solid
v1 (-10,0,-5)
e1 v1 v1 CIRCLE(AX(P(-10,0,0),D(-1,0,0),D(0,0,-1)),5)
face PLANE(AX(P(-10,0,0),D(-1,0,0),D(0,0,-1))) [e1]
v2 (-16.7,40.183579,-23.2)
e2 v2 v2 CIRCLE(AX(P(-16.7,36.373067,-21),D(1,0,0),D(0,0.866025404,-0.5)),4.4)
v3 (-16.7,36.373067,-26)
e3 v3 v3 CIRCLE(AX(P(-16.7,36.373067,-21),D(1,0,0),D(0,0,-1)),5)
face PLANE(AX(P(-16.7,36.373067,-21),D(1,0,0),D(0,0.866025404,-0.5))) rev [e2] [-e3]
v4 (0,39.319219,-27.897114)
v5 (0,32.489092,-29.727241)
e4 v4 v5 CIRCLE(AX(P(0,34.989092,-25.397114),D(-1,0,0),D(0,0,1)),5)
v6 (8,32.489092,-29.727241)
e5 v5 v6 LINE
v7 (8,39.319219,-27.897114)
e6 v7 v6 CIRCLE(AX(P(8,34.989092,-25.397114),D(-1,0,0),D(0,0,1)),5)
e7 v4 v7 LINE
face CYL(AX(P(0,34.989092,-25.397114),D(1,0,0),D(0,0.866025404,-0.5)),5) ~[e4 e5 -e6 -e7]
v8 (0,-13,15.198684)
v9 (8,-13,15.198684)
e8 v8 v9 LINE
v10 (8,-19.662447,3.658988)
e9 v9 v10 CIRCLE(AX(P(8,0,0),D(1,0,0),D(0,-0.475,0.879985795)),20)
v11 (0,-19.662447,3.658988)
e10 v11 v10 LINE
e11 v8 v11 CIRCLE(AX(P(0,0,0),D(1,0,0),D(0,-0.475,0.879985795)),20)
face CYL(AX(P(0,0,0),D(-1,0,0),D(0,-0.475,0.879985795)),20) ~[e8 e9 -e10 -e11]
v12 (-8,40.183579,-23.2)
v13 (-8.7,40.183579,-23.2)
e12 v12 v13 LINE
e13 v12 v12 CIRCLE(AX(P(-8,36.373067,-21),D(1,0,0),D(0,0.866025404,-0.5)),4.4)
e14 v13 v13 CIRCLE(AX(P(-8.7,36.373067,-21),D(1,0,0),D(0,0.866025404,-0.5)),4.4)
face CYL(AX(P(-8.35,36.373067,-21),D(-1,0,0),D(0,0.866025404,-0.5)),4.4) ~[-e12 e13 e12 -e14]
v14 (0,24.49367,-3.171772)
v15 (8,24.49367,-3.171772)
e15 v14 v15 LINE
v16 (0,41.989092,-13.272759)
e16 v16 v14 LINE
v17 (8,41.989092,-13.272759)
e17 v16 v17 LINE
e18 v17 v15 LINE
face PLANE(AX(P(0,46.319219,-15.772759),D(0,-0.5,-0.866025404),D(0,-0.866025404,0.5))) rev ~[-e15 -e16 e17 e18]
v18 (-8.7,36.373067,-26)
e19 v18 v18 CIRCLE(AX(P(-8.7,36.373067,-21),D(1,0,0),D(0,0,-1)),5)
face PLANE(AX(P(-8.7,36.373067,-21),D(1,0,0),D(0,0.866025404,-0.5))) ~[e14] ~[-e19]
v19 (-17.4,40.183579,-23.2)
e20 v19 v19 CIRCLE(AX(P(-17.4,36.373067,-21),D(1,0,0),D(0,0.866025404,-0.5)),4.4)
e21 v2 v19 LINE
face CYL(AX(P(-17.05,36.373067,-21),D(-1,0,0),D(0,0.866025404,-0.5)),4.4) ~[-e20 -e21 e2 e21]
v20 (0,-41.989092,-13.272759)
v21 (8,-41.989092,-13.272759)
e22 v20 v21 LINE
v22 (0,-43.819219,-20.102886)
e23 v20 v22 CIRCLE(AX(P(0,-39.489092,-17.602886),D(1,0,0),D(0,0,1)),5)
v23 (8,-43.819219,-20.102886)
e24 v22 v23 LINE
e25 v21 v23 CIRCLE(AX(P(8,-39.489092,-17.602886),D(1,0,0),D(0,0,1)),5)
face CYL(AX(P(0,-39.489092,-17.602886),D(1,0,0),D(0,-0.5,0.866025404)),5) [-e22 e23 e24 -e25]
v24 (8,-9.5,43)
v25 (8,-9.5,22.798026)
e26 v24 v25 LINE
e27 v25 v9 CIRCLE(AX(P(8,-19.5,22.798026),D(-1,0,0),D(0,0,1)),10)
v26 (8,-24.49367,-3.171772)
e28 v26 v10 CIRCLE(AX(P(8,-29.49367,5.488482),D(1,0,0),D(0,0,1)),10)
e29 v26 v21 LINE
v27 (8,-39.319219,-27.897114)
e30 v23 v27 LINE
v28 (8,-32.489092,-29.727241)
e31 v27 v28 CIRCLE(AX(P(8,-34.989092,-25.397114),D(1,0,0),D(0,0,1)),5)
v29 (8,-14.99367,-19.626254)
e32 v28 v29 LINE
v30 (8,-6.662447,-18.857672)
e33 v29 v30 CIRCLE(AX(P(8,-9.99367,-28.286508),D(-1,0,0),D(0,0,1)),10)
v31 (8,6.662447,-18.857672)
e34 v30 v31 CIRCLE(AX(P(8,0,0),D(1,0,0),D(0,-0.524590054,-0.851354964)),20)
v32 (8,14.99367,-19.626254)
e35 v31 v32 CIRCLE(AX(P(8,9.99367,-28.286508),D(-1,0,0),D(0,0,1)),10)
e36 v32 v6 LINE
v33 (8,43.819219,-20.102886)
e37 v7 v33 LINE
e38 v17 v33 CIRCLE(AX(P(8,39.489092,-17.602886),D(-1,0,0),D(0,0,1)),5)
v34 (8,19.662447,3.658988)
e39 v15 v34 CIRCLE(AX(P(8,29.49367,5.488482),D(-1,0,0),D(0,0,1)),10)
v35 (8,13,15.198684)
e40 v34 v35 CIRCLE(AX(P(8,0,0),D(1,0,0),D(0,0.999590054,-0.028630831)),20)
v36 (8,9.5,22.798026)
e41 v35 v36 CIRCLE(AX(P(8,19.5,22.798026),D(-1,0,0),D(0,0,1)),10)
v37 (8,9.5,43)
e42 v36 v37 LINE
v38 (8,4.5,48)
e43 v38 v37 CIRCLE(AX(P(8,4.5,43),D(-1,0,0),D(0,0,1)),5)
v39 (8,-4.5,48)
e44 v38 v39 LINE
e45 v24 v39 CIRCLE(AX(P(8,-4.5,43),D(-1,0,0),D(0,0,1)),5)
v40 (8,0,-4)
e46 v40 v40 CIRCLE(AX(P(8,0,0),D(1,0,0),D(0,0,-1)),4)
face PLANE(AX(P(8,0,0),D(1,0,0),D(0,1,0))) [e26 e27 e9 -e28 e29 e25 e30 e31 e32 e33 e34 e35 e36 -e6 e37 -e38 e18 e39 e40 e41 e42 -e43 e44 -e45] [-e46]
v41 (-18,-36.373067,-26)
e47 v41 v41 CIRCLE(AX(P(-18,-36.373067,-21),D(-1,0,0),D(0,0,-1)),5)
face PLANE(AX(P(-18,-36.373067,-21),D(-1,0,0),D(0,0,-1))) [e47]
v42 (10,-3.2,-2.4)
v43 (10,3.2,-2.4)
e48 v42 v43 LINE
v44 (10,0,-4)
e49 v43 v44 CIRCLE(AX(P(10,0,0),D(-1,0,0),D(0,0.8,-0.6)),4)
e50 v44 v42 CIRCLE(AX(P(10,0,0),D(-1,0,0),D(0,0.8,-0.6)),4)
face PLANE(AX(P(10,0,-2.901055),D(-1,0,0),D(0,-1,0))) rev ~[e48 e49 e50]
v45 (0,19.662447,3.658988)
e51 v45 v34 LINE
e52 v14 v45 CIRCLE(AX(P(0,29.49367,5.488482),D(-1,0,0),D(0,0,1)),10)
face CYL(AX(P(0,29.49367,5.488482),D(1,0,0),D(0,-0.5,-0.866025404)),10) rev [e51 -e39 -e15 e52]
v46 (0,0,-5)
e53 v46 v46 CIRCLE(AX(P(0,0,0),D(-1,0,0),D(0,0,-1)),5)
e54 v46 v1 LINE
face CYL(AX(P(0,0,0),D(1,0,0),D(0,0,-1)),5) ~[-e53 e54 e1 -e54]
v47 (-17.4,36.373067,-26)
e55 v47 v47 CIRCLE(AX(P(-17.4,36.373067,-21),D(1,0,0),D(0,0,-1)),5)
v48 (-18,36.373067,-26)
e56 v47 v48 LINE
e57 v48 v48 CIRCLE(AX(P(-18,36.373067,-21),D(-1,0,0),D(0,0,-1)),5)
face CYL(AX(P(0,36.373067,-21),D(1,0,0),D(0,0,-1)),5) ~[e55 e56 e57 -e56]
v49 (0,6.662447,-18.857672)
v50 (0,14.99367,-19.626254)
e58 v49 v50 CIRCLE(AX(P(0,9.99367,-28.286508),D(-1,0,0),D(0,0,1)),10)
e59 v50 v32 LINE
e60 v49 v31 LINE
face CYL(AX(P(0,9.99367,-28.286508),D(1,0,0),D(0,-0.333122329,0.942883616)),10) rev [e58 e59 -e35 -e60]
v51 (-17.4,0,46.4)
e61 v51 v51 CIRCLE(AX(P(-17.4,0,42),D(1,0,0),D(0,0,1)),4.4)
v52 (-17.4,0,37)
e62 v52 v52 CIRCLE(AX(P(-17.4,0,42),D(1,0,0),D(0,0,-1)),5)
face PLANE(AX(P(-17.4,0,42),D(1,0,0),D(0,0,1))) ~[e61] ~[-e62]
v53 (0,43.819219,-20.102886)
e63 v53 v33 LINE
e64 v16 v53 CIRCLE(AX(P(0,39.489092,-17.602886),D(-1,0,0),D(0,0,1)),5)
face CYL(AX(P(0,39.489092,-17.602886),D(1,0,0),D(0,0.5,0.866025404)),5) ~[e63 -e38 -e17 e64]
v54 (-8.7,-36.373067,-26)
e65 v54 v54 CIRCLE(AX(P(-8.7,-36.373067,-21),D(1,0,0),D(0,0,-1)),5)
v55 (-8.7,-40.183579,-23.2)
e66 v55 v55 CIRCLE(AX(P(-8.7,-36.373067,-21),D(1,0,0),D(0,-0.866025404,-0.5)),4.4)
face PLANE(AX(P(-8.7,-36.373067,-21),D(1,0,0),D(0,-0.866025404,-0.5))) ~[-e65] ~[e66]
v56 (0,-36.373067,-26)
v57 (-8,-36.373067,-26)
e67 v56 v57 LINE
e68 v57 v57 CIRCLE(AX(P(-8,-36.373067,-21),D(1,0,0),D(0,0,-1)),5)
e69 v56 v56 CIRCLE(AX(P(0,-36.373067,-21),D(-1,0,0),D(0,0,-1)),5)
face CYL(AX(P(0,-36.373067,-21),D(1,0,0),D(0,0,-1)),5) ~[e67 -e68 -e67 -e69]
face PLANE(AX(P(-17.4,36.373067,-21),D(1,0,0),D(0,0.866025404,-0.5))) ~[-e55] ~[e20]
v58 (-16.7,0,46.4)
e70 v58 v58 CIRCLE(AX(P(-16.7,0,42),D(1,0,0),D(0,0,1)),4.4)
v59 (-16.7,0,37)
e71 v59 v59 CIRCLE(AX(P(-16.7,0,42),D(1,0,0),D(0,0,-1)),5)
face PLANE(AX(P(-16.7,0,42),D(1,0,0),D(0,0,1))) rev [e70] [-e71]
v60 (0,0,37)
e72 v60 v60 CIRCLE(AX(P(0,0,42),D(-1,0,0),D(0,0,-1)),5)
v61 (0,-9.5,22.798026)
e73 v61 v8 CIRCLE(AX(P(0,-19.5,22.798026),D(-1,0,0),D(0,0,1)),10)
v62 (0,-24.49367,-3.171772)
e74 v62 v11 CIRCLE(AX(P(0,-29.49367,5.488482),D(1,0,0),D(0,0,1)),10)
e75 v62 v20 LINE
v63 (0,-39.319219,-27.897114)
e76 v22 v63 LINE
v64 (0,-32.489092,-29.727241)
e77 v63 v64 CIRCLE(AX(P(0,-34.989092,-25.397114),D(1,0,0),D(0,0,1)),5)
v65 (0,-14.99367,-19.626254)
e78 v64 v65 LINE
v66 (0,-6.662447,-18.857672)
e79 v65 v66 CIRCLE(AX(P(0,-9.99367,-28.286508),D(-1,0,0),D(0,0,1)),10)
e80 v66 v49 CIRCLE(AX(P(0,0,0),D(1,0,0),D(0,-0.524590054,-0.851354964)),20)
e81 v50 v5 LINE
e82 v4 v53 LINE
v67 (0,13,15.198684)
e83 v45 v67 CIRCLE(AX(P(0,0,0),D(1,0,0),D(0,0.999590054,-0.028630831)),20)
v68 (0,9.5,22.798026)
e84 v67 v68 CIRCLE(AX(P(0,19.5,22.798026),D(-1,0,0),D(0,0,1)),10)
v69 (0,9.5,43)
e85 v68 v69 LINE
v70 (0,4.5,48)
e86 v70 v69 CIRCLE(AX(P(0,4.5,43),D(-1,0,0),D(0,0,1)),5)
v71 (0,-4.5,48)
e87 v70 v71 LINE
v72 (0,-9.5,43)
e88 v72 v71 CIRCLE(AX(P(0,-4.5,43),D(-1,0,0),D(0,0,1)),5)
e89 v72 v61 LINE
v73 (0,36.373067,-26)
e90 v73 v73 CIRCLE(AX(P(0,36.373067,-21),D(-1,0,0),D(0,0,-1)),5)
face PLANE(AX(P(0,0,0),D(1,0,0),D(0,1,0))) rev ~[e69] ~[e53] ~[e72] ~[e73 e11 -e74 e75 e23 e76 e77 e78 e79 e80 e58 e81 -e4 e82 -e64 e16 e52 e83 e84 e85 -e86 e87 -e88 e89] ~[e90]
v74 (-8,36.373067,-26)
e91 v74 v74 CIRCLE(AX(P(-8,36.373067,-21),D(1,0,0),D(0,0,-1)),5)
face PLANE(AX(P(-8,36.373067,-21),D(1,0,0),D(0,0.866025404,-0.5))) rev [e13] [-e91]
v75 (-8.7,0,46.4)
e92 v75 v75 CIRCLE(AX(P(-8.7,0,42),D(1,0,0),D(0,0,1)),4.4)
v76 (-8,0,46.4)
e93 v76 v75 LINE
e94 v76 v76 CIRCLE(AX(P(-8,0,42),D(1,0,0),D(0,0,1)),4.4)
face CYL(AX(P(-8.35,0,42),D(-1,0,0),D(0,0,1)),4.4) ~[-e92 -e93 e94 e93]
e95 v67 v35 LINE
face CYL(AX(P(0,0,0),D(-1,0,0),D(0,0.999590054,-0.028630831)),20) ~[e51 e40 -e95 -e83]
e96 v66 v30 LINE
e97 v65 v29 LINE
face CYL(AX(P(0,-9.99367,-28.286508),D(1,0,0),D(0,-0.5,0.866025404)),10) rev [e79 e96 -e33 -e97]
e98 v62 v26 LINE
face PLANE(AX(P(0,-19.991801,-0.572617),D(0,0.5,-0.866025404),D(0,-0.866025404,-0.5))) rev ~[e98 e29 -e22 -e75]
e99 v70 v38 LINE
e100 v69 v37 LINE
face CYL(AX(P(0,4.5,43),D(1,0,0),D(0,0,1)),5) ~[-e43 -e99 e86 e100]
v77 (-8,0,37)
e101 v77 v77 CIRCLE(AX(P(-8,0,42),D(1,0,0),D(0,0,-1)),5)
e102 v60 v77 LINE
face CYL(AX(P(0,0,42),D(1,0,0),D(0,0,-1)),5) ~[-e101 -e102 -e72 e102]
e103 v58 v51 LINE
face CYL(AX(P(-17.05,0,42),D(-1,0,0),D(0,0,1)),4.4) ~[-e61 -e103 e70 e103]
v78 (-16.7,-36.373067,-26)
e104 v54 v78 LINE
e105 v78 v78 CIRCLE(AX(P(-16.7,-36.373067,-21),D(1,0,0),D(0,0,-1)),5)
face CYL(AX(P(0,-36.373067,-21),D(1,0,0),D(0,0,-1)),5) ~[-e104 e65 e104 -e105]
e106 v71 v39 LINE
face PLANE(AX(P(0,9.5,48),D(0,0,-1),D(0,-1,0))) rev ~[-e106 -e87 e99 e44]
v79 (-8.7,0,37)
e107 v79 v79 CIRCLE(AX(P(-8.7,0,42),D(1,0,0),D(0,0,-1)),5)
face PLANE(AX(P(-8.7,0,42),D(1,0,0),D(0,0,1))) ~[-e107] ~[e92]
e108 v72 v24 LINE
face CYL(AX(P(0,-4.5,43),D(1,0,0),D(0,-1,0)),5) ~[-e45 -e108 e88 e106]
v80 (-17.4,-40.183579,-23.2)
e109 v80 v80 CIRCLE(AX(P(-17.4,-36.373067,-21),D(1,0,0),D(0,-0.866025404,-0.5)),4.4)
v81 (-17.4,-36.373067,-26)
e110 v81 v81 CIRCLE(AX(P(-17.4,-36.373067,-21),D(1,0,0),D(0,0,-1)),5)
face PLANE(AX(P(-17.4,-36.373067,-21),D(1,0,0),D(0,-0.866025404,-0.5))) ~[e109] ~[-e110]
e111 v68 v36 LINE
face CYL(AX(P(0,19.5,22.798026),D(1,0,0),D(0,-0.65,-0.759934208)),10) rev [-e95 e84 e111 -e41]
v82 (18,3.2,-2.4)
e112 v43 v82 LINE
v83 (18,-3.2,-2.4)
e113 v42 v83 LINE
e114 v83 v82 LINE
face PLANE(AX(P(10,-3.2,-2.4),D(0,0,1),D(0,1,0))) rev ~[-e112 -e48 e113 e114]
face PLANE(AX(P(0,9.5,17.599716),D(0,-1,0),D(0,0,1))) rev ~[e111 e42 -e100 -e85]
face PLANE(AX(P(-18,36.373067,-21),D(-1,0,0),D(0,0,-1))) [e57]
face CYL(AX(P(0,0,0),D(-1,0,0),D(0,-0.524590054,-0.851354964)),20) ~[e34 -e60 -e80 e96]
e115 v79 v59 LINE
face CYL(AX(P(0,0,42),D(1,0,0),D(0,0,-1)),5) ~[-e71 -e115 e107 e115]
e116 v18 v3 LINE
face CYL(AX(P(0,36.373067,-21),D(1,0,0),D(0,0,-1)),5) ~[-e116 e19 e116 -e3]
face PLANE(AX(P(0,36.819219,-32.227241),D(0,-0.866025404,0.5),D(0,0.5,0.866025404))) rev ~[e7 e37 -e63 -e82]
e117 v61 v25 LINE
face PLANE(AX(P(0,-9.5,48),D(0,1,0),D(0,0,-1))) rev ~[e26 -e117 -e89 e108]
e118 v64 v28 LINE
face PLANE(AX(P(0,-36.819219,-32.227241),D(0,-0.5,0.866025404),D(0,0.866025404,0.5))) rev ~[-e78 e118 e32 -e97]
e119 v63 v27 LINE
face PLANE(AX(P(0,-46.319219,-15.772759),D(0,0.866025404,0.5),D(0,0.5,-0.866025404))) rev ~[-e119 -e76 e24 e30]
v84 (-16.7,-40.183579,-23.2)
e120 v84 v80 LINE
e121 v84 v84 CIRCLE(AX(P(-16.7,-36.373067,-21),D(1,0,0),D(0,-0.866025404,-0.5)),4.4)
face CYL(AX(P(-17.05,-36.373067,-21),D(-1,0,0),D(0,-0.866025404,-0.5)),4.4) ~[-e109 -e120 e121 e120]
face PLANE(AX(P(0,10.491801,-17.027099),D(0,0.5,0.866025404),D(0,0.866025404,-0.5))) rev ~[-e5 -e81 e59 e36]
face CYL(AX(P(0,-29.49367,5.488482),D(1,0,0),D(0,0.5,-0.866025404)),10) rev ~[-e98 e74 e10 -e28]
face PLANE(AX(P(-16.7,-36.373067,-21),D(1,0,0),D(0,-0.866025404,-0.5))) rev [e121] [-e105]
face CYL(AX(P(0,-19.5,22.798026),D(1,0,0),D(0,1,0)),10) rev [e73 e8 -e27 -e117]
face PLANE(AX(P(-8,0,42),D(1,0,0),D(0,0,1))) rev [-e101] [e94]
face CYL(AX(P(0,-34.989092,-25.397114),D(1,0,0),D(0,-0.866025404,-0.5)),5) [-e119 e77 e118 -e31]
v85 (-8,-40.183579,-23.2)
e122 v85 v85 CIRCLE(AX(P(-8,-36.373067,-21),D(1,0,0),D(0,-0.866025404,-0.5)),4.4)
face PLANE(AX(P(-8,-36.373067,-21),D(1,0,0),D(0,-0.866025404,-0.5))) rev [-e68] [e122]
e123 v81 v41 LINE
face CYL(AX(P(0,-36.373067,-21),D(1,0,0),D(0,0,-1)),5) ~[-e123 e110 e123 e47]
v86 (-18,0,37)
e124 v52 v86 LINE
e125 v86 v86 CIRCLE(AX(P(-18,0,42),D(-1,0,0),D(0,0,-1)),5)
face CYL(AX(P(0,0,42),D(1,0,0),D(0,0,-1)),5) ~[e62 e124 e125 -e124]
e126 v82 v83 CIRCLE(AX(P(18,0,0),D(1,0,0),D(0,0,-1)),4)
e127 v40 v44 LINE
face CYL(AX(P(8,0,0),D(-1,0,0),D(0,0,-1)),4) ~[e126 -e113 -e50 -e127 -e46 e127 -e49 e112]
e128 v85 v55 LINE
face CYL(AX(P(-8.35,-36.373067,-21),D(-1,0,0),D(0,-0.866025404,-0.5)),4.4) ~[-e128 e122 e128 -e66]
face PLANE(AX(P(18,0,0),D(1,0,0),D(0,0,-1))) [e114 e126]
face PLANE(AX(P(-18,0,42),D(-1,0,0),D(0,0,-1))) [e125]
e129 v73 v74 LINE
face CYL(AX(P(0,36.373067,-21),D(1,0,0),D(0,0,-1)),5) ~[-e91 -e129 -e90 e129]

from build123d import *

# Parameters (mm, degrees)
BOSS_EXTRUDE2_DEPTH = 8
FILLET1_R           = 10
FILLET3_R           = 5
FILLET4_R           = 5
SKETCH3_R           = 5
BOSS_EXTRUDE3_DEPTH = 10
SKETCH2_R           = 5
BOSS_EXTRUDE4_DEPTH = 18
SKETCH4_R           = 4
BOSS_EXTRUDE5_DEPTH = 10
CUT_EXTRUDE1_START  = -8
CUT_EXTRUDE1_DEPTH  = 8
SKETCH7_W           = 0.7
SKETCH7_H           = 1.2
CIRPATTERN1_COUNT   = 3


with BuildPart() as part:
    # Sketch1 → Boss-Extrude2 (new body)
    with BuildSketch(Plane.YZ):
        with BuildLine():
            Line((-19.991801075, -0.572616617), (-46.319219382, -15.772758664))
            Line((-46.319219382, -15.772758664), (-36.819219382, -32.227241336))
            Line((-36.819219382, -32.227241336), (-10.491801075, -17.027099289))
            ThreePointArc((-10.491801075, -17.027099289), (0, -20), (10.491801075, -17.027099289))
            Line((10.491801075, -17.027099289), (36.819219382, -32.227241336))
            Line((36.819219382, -32.227241336), (46.319219382, -15.772758664))
            Line((46.319219382, -15.772758664), (19.991801075, -0.572616617))
            ThreePointArc((19.991801075, -0.572616617), (17.320508076, 10), (9.5, 17.599715907))
            Line((9.5, 17.599715907), (9.5, 48))
            Line((9.5, 48), (-9.5, 48))
            Line((-9.5, 48), (-9.5, 17.599715907))
            ThreePointArc((-9.5, 17.599715907), (-17.320508076, 10), (-19.991801075, -0.572616617))
        make_face()
    extrude(amount=BOSS_EXTRUDE2_DEPTH)

    # Fillet1
    fillet1_edges = [part.edges().sort_by_distance(p)[0] for p in [
        (4, 9.5, 17.599715907),
        (4, 19.991801075, -0.572616617),
        (4, 10.491801075, -17.027099289),
        (4, -10.491801075, -17.027099289),
        (4, -19.991801075, -0.572616617),
        (4, -9.5, 17.599715907),
    ]]
    fillet(fillet1_edges, radius=FILLET1_R)

    # Fillet3
    fillet3_edges = [part.edges().sort_by_distance(p)[0] for p in [
        (4, -9.5, 48),
        (4, 9.5, 48),
    ]]
    fillet(fillet3_edges, radius=FILLET3_R)

    # Fillet4
    fillet4_edges = [part.edges().sort_by_distance(p)[0] for p in [
        (4, 46.319219382, -15.772758664),
        (4, 36.819219382, -32.227241336),
        (4, -36.819219382, -32.227241336),
        (4, -46.319219382, -15.772758664),
    ]]
    fillet(fillet4_edges, radius=FILLET4_R)

    # Sketch3 → Boss-Extrude3 (add)
    with BuildSketch(Plane(origin=(0, 0, 0), x_dir=(0, -1, 0), z_dir=(-1, 0, 0))):
        with Locations(Location((0, 0, 0), (0, 0, 270))):
            Circle(SKETCH3_R)
    extrude(amount=BOSS_EXTRUDE3_DEPTH)

    # Sketch2 → Boss-Extrude4 (add)
    with BuildSketch(Plane(origin=(0, 0, 0), x_dir=(0, -1, 0), z_dir=(-1, 0, 0))):
        with Locations(Location((0, 42, 0), (0, 0, 270))):
            Circle(SKETCH2_R)
        with Locations(Location((-36.373066959, -21, 0), (0, 0, 270))):
            Circle(SKETCH2_R)
        with Locations(Location((36.373066959, -21, 0), (0, 0, 270))):
            Circle(SKETCH2_R)
    extrude(amount=BOSS_EXTRUDE4_DEPTH)

    # Sketch4 → Boss-Extrude5 (add)
    with BuildSketch(Plane.YZ.offset(8)):
        with Locations(Location((0, 0, 0), (0, 0, 270))):
            Circle(SKETCH4_R)
    extrude(amount=BOSS_EXTRUDE5_DEPTH)

    # Sketch5 → Cut-Extrude1 (cut)
    with BuildSketch(Plane.YZ.offset(18).offset(CUT_EXTRUDE1_START)):
        with BuildLine():
            Line((-3.2, -2.4), (3.2, -2.4))
            ThreePointArc((3.2, -2.4), (0, -4), (-3.2, -2.4))
        make_face()
    extrude(amount=CUT_EXTRUDE1_DEPTH, mode=Mode.SUBTRACT)

    # Sketch7 → Cut-Revolve1 (revolve, cut)
    with BuildSketch(Plane(origin=(0, 0, 0), x_dir=(-1, 0, 0), z_dir=(0, 1, 0))):
        with Locations((8.35, 47)):
            Rectangle(SKETCH7_W, SKETCH7_H)
        with Locations((17.05, 47)):
            Rectangle(SKETCH7_W, SKETCH7_H)
    cut_revolve1 = revolve(axis=Axis((-21.815535784, 0, 42), (1, 0, 0)), mode=Mode.SUBTRACT)

    # CirPattern1: Cut-Revolve1 ×3 about axis
    cirpattern1_axis = Axis((0, 0, 0), (1, 0, 0))
    for i in range(1, CIRPATTERN1_COUNT):
        add(cut_revolve1.rotate(cirpattern1_axis, i * 360 / CIRPATTERN1_COUNT), mode=Mode.SUBTRACT)


solid = part.part
